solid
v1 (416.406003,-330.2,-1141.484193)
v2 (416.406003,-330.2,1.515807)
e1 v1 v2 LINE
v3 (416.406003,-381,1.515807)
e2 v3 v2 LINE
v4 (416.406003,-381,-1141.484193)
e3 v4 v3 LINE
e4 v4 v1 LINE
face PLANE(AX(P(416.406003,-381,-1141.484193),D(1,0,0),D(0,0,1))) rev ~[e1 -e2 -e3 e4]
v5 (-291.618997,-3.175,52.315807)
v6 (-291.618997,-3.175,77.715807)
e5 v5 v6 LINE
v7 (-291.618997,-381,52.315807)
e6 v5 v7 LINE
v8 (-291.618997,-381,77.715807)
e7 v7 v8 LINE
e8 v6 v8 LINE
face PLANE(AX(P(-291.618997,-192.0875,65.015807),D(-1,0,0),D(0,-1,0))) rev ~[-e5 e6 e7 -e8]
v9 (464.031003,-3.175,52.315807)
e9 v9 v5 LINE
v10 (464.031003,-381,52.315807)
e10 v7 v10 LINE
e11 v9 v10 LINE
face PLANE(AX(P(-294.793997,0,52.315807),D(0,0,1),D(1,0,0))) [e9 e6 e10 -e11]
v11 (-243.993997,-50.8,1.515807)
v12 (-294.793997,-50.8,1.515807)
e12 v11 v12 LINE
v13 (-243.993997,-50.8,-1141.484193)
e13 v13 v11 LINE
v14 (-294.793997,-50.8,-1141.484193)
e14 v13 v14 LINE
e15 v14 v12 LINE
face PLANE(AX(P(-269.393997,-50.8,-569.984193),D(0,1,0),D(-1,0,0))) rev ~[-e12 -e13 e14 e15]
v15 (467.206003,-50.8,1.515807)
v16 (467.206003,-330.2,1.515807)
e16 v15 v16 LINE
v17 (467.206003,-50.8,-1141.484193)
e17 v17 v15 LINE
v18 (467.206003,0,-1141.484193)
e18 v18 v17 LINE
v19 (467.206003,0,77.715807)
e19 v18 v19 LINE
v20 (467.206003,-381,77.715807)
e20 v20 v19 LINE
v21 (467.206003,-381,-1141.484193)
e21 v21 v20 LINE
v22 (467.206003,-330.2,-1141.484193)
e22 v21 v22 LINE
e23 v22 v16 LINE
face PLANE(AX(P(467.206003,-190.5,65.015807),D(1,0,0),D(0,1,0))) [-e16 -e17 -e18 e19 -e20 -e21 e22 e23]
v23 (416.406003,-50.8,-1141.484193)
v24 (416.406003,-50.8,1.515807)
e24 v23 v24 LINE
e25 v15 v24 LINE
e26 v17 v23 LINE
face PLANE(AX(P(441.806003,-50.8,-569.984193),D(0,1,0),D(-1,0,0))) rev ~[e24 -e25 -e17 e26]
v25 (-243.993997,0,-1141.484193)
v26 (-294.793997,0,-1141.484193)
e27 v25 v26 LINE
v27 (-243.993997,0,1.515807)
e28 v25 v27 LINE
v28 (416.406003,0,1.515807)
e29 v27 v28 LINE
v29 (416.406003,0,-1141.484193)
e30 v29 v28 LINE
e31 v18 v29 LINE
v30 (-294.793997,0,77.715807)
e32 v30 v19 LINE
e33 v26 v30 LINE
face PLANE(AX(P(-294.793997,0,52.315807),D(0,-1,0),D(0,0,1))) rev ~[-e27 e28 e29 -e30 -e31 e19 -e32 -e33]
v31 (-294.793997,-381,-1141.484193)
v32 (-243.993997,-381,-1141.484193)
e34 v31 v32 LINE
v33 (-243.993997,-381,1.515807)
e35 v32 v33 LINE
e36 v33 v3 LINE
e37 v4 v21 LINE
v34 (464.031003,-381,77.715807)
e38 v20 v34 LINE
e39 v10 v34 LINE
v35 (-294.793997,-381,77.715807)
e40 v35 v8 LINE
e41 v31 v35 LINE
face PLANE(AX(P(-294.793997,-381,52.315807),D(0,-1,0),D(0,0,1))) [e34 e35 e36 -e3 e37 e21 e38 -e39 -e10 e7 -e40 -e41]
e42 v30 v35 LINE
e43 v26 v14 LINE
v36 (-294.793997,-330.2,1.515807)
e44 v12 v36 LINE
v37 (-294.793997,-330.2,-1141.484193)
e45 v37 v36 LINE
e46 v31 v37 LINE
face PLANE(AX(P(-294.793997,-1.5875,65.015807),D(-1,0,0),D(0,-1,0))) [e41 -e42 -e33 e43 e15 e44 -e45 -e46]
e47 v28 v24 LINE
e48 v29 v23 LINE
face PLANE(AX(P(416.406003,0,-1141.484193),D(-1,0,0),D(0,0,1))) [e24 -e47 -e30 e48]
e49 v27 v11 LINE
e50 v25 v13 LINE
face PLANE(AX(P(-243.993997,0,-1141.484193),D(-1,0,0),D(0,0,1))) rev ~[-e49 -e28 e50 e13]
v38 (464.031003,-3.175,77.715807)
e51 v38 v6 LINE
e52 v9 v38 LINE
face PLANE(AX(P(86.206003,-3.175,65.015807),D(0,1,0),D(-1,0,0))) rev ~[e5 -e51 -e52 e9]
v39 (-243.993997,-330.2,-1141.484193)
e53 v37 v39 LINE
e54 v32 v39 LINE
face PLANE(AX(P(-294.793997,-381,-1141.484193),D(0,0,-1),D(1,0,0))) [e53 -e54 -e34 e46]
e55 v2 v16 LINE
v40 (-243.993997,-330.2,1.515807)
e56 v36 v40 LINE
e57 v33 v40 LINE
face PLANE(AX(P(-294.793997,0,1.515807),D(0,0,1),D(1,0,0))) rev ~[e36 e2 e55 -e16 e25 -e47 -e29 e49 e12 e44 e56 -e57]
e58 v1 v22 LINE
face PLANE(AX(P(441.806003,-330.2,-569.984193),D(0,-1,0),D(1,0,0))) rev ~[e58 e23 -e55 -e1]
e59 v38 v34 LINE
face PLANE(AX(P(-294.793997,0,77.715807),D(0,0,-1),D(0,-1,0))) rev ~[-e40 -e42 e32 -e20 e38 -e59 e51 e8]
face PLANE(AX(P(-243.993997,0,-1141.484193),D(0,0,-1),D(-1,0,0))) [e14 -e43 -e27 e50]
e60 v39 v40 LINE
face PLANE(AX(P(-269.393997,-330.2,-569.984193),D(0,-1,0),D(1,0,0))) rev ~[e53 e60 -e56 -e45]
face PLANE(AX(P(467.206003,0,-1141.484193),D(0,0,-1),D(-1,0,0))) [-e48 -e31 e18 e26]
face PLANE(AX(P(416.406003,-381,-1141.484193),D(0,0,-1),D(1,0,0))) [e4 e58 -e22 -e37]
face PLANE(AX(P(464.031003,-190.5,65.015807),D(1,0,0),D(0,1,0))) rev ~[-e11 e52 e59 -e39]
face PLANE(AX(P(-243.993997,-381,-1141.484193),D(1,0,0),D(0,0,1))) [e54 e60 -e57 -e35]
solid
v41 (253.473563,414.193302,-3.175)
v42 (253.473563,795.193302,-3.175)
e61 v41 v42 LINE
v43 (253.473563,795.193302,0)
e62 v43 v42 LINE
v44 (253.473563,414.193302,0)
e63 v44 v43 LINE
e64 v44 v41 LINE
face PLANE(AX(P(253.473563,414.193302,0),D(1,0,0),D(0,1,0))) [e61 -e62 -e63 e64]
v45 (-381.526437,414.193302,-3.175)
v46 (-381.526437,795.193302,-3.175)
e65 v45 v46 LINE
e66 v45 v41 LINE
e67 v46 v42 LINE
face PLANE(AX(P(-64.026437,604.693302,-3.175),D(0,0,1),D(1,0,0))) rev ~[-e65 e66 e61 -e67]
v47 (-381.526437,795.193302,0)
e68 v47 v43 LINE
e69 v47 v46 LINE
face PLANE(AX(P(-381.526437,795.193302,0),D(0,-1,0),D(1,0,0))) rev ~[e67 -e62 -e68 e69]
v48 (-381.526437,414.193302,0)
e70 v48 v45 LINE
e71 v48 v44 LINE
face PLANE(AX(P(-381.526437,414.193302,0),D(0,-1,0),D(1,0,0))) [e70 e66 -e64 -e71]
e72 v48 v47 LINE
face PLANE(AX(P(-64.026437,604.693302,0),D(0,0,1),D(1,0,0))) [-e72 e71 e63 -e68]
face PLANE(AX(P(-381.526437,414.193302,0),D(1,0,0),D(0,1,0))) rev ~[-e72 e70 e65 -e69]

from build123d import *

# Parameters (mm, degrees)
F0_W      = 762
F0_H      = 50.8
F1_DEPTH  = 381
F2_W      = 50.8
F2_H      = 1143
F3_DEPTH  = 50.8
F4_W      = 50.8
F4_H      = 1143
F5_DEPTH  = 50.8
F6_W      = 381
F6_H      = 25.4
F7_DEPTH  = 3.175
F8_W      = 3.175
F8_H      = 25.4
F9_DEPTH  = 3.175
F10_W     = 755.65
F10_H     = 25.4
F11_DEPTH = 3.175
F12_W     = 377.825
F12_H     = 25.4
F13_DEPTH = 3.175
F14_DEPTH = 3.175
F16_W     = 3.175
F16_H     = 25.4
F17_DEPTH = 3.175
F18_W     = 635
F18_H     = 381
F19_DEPTH = 3.175


with BuildPart() as f1:
    # F0 (on Front) → F1 (new body)
    with BuildSketch(Plane.XZ):
        with Locations((86.2060026343, 26.915807277)):
            Rectangle(F0_W, F0_H)
    extrude(amount=F1_DEPTH)

    # F2 (on face) → F3 (join)
    with BuildSketch(Plane.XZ.offset(381)):
        with Locations((-269.3939973657, -569.984192723)):
            Rectangle(F2_W, F2_H)
        with Locations((441.8060026343, -569.984192723)):
            Rectangle(F2_W, F2_H)
    extrude(amount=-F3_DEPTH)

    # F4 (on face) → F5 (join)
    with BuildSketch(Plane(origin=(0, 0, 0), x_dir=(-1, 0, 0), z_dir=(0, 1, 0))):
        with Locations((-441.8060026343, -569.984192723)):
            Rectangle(F4_W, F4_H)
        with Locations((269.3939973657, -569.984192723)):
            Rectangle(F4_W, F4_H)
    extrude(amount=-F5_DEPTH)

    # F6 (on face) → F7 (join)
    with BuildSketch(Plane.YZ.offset(467.2060026343)):
        with Locations((-190.5, 65.015807277)):
            Rectangle(F6_W, F6_H)
    extrude(amount=-F7_DEPTH)

    # F8 (on face) → F9 (join)
    with BuildSketch(Plane(origin=(0, 0, 0), x_dir=(-1, 0, 0), z_dir=(0, 1, 0))):
        with Locations((-465.6185026343, 65.015807277)):
            Rectangle(F8_W, F8_H)
    extrude(amount=-F9_DEPTH)

    # F10 (on face) → F11 (join)
    with BuildSketch(Plane(origin=(0, 0, 0), x_dir=(-1, 0, 0), z_dir=(0, 1, 0))):
        with Locations((-86.2060026343, 65.015807277)):
            Rectangle(F10_W, F10_H)
    extrude(amount=-F11_DEPTH)

    # F12 (on face) → F13 (join)
    with BuildSketch(Plane(origin=(-294.7939973657, 0, 0), x_dir=(0, -1, 0), z_dir=(-1, 0, 0))):
        with Locations((192.0875, 65.015807277)):
            Rectangle(F12_W, F12_H)
    extrude(amount=-F13_DEPTH)

    # F14 (add): a face of the model
    f14_faces = [f1.faces().sort_by_distance(p)[0] for p in [
        (464.0310026343, -192.0875, 65.015807277),
    ]]
    extrude(f14_faces, amount=-F14_DEPTH)

    # F16 (on face) → F17 (join)
    with BuildSketch(Plane(origin=(-294.7939973657, 0, 0), x_dir=(0, -1, 0), z_dir=(-1, 0, 0))):
        with Locations((1.5875, 65.015807277)):
            Rectangle(F16_W, F16_H)
    extrude(amount=-F17_DEPTH)


with BuildPart() as f19:
    # F18 (on Top) → F19 (new body)
    with BuildSketch(Plane.XY):
        with Locations((-64.0264371872, 604.693302393)):
            Rectangle(F18_W, F18_H)
    extrude(amount=-F19_DEPTH)


solid = Compound([f1.part, f19.part])
